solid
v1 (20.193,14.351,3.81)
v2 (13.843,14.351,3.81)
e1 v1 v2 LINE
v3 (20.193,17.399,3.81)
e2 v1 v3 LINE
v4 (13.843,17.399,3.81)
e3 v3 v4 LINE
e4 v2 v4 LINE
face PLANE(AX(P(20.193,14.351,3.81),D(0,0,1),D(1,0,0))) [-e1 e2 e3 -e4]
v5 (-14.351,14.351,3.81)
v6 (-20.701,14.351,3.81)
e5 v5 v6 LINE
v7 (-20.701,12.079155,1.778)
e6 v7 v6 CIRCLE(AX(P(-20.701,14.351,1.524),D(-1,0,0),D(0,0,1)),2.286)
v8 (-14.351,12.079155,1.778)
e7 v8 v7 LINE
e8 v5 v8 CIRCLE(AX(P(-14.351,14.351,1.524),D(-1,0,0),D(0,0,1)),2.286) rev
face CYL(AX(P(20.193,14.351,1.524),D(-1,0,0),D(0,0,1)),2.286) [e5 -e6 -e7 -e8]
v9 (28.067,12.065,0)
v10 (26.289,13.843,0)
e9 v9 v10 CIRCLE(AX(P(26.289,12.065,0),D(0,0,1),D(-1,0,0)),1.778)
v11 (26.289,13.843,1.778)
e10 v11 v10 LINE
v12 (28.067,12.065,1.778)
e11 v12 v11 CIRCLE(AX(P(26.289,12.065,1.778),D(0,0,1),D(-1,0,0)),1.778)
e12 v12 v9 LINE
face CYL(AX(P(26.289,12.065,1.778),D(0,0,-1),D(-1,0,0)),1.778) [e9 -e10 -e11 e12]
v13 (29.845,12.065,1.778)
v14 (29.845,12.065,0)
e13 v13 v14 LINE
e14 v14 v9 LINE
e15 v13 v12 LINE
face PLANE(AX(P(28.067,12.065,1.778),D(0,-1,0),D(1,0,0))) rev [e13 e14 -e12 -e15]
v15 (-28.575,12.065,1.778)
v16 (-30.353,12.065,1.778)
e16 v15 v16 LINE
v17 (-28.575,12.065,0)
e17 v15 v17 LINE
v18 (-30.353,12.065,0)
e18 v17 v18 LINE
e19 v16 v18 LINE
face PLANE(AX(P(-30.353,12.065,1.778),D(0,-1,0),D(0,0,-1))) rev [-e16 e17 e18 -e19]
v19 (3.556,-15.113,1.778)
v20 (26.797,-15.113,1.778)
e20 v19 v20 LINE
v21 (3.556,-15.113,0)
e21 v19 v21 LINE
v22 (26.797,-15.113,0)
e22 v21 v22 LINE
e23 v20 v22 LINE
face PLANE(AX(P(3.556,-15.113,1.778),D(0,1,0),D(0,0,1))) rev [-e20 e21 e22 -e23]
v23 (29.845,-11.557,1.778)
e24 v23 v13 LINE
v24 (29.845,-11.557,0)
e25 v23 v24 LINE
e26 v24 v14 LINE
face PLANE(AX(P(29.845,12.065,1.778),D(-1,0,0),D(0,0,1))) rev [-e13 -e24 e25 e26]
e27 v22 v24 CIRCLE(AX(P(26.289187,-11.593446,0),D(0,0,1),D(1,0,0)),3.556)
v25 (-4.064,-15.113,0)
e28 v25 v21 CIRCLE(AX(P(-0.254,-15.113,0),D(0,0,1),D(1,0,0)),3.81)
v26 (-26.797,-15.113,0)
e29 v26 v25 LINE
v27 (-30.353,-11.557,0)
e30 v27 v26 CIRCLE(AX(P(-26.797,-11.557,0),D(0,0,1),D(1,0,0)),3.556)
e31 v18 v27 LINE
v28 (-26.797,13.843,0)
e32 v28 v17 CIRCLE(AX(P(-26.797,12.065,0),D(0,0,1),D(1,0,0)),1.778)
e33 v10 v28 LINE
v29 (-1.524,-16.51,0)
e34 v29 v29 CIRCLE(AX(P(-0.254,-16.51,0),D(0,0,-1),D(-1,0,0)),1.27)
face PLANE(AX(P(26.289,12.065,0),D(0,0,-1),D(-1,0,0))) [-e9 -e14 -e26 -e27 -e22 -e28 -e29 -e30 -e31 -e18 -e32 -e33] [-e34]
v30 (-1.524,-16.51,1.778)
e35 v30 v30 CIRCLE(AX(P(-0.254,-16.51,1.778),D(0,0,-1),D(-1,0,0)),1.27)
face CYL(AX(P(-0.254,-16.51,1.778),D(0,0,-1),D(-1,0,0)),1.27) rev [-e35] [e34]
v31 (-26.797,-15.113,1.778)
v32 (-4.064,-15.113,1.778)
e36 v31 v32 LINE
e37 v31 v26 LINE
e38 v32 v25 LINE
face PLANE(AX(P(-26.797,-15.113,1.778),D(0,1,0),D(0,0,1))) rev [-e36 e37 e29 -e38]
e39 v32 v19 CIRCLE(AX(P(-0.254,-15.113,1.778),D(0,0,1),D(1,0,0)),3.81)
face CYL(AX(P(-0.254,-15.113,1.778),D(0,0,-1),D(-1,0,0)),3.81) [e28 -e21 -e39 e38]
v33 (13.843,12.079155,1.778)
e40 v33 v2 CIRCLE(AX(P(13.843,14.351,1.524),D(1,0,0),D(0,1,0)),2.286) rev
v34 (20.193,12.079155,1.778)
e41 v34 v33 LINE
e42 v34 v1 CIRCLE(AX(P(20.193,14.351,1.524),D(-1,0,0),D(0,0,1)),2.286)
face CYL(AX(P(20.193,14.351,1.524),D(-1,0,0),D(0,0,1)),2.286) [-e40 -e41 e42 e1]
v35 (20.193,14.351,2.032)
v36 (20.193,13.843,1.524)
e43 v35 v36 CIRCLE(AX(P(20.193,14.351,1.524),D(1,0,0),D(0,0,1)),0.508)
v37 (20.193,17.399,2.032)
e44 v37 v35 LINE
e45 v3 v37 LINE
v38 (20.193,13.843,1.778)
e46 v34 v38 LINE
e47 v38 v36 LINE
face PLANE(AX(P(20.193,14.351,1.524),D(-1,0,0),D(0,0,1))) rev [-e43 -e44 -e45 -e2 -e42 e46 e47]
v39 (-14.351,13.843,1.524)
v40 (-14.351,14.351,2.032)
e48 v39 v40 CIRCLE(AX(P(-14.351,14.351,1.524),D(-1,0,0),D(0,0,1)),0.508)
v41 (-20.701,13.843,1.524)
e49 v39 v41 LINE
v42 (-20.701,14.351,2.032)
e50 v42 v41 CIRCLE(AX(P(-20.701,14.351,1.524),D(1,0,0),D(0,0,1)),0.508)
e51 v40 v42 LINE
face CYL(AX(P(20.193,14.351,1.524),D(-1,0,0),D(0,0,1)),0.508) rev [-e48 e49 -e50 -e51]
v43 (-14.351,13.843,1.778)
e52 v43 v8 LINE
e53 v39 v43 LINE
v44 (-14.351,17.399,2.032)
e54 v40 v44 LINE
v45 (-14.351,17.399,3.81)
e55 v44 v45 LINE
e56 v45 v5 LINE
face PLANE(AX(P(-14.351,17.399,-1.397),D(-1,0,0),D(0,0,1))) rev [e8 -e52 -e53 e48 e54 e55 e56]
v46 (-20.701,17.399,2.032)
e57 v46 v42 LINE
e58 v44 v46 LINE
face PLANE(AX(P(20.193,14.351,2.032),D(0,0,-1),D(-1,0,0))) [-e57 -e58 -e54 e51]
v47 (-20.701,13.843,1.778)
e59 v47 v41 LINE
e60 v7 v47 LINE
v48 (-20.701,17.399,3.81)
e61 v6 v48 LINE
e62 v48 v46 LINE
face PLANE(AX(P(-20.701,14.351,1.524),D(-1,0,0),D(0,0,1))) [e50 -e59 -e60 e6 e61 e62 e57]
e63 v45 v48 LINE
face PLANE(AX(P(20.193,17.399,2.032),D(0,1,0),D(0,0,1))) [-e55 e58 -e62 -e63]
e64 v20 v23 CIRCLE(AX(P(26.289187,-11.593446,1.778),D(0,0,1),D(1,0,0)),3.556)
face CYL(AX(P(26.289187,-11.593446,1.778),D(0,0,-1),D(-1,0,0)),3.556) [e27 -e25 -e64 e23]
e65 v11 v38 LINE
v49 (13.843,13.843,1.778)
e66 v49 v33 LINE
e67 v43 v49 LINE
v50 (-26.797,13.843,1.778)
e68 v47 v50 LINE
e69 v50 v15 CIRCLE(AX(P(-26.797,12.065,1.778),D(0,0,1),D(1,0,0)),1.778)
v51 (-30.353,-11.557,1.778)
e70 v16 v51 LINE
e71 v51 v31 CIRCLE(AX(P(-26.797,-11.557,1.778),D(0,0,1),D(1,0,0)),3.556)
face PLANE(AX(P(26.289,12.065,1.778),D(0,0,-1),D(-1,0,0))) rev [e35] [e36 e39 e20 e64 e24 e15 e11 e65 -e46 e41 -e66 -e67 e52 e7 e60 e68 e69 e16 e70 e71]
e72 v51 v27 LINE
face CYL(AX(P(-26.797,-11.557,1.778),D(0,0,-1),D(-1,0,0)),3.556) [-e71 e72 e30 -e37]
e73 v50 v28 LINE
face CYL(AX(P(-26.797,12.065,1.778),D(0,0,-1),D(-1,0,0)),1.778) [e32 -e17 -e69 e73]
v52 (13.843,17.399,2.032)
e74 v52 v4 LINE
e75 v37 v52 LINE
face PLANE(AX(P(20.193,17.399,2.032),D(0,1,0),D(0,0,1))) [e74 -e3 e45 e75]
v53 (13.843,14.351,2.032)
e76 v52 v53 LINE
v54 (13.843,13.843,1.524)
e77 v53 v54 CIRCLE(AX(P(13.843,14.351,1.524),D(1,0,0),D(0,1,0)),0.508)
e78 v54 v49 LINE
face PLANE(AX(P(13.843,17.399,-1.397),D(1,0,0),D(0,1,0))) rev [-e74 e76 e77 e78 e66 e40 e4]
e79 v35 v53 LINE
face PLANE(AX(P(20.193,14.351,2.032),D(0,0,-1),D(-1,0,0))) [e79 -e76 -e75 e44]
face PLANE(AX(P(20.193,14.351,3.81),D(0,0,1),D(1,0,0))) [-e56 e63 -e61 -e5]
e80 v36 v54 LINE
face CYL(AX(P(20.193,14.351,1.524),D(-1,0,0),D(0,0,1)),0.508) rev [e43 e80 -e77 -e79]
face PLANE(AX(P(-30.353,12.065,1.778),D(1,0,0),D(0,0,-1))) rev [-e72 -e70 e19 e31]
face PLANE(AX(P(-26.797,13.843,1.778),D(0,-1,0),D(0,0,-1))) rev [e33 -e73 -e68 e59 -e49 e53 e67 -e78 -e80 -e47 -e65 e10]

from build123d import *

# Parameters (mm, degrees)
BOSS_EXTRUDE1_DEPTH = 1.778
SKETCH3_R           = 1.27
CUT_EXTRUDE1_DEPTH  = 1.778
BOSS_EXTRUDE2_DEPTH = 40.894
SKETCH8_W           = 28.194
SKETCH8_H           = 3.556
CUT_EXTRUDE3_DEPTH  = 3.175
SKETCH10_W          = 28.194
SKETCH10_H          = 1.974840954
CUT_EXTRUDE4_DEPTH  = 31.75


with BuildPart() as part:
    # Sketch1 → Boss-Extrude1 (new body)
    with BuildSketch(Plane.XY):
        with BuildLine():
            Line((-30.353, 12.065), (-30.353, -11.557))
            ThreePointArc((-30.353, -11.557), (-29.311471714, -14.071471714), (-26.797, -15.113))
            Line((-26.797, -15.113), (-4.064, -15.113))
            ThreePointArc((-4.064, -15.113), (-0.254, -18.923), (3.556, -15.113))
            Line((3.556, -15.113), (26.797, -15.113))
            ThreePointArc((26.797, -15.113), (28.989103251, -13.90765993), (29.845, -11.557))
            Line((29.845, -11.557), (29.845, 12.065))
            Line((29.845, 12.065), (28.067, 12.065))
            ThreePointArc((28.067, 12.065), (27.546235857, 13.322235857), (26.289, 13.843))
            Line((26.289, 13.843), (-26.797, 13.843))
            ThreePointArc((-26.797, 13.843), (-28.054235857, 13.322235857), (-28.575, 12.065))
            Line((-28.575, 12.065), (-30.353, 12.065))
        make_face()
    extrude(amount=BOSS_EXTRUDE1_DEPTH)

    # Sketch3 → Cut-Extrude1 (cut)
    with BuildSketch(Plane(origin=(0, 0, 0), x_dir=(-1, 0, 0), z_dir=(0, 0, -1))):
        with Locations((0.254, -16.51)):
            Circle(SKETCH3_R)
    extrude(amount=-CUT_EXTRUDE1_DEPTH, mode=Mode.SUBTRACT)

    # Sketch7 → Boss-Extrude2 (add)
    with BuildSketch(Plane.ZY.offset(20.701)):
        with BuildLine():
            Line((2.032, 14.351), (2.032, 17.399))
            Line((2.032, 17.399), (3.81, 17.399))
            Line((3.81, 17.399), (3.81, 14.351))
            ThreePointArc((3.81, 14.351), (3.140446102, 12.734553898), (1.524, 12.065))
            Line((1.524, 12.065), (1.524, 13.843))
            ThreePointArc((1.524, 13.843), (1.883210245, 13.991789755), (2.032, 14.351))
        make_face()
    extrude(amount=-BOSS_EXTRUDE2_DEPTH)

    # Sketch8 → Cut-Extrude3 (cut, symmetric)
    with BuildSketch(Plane.XY.offset(1.778)):
        with Locations((-0.254, 15.621)):
            Rectangle(SKETCH8_W, SKETCH8_H)
    extrude(amount=CUT_EXTRUDE3_DEPTH, both=True, mode=Mode.SUBTRACT)

    # Sketch10 → Cut-Extrude4 (cut)
    with BuildSketch(Plane.XZ.offset(15.113)):
        with Locations((-0.254, 2.765420477)):
            Rectangle(SKETCH10_W, SKETCH10_H)
    extrude(amount=-CUT_EXTRUDE4_DEPTH, mode=Mode.SUBTRACT)


solid = part.part
